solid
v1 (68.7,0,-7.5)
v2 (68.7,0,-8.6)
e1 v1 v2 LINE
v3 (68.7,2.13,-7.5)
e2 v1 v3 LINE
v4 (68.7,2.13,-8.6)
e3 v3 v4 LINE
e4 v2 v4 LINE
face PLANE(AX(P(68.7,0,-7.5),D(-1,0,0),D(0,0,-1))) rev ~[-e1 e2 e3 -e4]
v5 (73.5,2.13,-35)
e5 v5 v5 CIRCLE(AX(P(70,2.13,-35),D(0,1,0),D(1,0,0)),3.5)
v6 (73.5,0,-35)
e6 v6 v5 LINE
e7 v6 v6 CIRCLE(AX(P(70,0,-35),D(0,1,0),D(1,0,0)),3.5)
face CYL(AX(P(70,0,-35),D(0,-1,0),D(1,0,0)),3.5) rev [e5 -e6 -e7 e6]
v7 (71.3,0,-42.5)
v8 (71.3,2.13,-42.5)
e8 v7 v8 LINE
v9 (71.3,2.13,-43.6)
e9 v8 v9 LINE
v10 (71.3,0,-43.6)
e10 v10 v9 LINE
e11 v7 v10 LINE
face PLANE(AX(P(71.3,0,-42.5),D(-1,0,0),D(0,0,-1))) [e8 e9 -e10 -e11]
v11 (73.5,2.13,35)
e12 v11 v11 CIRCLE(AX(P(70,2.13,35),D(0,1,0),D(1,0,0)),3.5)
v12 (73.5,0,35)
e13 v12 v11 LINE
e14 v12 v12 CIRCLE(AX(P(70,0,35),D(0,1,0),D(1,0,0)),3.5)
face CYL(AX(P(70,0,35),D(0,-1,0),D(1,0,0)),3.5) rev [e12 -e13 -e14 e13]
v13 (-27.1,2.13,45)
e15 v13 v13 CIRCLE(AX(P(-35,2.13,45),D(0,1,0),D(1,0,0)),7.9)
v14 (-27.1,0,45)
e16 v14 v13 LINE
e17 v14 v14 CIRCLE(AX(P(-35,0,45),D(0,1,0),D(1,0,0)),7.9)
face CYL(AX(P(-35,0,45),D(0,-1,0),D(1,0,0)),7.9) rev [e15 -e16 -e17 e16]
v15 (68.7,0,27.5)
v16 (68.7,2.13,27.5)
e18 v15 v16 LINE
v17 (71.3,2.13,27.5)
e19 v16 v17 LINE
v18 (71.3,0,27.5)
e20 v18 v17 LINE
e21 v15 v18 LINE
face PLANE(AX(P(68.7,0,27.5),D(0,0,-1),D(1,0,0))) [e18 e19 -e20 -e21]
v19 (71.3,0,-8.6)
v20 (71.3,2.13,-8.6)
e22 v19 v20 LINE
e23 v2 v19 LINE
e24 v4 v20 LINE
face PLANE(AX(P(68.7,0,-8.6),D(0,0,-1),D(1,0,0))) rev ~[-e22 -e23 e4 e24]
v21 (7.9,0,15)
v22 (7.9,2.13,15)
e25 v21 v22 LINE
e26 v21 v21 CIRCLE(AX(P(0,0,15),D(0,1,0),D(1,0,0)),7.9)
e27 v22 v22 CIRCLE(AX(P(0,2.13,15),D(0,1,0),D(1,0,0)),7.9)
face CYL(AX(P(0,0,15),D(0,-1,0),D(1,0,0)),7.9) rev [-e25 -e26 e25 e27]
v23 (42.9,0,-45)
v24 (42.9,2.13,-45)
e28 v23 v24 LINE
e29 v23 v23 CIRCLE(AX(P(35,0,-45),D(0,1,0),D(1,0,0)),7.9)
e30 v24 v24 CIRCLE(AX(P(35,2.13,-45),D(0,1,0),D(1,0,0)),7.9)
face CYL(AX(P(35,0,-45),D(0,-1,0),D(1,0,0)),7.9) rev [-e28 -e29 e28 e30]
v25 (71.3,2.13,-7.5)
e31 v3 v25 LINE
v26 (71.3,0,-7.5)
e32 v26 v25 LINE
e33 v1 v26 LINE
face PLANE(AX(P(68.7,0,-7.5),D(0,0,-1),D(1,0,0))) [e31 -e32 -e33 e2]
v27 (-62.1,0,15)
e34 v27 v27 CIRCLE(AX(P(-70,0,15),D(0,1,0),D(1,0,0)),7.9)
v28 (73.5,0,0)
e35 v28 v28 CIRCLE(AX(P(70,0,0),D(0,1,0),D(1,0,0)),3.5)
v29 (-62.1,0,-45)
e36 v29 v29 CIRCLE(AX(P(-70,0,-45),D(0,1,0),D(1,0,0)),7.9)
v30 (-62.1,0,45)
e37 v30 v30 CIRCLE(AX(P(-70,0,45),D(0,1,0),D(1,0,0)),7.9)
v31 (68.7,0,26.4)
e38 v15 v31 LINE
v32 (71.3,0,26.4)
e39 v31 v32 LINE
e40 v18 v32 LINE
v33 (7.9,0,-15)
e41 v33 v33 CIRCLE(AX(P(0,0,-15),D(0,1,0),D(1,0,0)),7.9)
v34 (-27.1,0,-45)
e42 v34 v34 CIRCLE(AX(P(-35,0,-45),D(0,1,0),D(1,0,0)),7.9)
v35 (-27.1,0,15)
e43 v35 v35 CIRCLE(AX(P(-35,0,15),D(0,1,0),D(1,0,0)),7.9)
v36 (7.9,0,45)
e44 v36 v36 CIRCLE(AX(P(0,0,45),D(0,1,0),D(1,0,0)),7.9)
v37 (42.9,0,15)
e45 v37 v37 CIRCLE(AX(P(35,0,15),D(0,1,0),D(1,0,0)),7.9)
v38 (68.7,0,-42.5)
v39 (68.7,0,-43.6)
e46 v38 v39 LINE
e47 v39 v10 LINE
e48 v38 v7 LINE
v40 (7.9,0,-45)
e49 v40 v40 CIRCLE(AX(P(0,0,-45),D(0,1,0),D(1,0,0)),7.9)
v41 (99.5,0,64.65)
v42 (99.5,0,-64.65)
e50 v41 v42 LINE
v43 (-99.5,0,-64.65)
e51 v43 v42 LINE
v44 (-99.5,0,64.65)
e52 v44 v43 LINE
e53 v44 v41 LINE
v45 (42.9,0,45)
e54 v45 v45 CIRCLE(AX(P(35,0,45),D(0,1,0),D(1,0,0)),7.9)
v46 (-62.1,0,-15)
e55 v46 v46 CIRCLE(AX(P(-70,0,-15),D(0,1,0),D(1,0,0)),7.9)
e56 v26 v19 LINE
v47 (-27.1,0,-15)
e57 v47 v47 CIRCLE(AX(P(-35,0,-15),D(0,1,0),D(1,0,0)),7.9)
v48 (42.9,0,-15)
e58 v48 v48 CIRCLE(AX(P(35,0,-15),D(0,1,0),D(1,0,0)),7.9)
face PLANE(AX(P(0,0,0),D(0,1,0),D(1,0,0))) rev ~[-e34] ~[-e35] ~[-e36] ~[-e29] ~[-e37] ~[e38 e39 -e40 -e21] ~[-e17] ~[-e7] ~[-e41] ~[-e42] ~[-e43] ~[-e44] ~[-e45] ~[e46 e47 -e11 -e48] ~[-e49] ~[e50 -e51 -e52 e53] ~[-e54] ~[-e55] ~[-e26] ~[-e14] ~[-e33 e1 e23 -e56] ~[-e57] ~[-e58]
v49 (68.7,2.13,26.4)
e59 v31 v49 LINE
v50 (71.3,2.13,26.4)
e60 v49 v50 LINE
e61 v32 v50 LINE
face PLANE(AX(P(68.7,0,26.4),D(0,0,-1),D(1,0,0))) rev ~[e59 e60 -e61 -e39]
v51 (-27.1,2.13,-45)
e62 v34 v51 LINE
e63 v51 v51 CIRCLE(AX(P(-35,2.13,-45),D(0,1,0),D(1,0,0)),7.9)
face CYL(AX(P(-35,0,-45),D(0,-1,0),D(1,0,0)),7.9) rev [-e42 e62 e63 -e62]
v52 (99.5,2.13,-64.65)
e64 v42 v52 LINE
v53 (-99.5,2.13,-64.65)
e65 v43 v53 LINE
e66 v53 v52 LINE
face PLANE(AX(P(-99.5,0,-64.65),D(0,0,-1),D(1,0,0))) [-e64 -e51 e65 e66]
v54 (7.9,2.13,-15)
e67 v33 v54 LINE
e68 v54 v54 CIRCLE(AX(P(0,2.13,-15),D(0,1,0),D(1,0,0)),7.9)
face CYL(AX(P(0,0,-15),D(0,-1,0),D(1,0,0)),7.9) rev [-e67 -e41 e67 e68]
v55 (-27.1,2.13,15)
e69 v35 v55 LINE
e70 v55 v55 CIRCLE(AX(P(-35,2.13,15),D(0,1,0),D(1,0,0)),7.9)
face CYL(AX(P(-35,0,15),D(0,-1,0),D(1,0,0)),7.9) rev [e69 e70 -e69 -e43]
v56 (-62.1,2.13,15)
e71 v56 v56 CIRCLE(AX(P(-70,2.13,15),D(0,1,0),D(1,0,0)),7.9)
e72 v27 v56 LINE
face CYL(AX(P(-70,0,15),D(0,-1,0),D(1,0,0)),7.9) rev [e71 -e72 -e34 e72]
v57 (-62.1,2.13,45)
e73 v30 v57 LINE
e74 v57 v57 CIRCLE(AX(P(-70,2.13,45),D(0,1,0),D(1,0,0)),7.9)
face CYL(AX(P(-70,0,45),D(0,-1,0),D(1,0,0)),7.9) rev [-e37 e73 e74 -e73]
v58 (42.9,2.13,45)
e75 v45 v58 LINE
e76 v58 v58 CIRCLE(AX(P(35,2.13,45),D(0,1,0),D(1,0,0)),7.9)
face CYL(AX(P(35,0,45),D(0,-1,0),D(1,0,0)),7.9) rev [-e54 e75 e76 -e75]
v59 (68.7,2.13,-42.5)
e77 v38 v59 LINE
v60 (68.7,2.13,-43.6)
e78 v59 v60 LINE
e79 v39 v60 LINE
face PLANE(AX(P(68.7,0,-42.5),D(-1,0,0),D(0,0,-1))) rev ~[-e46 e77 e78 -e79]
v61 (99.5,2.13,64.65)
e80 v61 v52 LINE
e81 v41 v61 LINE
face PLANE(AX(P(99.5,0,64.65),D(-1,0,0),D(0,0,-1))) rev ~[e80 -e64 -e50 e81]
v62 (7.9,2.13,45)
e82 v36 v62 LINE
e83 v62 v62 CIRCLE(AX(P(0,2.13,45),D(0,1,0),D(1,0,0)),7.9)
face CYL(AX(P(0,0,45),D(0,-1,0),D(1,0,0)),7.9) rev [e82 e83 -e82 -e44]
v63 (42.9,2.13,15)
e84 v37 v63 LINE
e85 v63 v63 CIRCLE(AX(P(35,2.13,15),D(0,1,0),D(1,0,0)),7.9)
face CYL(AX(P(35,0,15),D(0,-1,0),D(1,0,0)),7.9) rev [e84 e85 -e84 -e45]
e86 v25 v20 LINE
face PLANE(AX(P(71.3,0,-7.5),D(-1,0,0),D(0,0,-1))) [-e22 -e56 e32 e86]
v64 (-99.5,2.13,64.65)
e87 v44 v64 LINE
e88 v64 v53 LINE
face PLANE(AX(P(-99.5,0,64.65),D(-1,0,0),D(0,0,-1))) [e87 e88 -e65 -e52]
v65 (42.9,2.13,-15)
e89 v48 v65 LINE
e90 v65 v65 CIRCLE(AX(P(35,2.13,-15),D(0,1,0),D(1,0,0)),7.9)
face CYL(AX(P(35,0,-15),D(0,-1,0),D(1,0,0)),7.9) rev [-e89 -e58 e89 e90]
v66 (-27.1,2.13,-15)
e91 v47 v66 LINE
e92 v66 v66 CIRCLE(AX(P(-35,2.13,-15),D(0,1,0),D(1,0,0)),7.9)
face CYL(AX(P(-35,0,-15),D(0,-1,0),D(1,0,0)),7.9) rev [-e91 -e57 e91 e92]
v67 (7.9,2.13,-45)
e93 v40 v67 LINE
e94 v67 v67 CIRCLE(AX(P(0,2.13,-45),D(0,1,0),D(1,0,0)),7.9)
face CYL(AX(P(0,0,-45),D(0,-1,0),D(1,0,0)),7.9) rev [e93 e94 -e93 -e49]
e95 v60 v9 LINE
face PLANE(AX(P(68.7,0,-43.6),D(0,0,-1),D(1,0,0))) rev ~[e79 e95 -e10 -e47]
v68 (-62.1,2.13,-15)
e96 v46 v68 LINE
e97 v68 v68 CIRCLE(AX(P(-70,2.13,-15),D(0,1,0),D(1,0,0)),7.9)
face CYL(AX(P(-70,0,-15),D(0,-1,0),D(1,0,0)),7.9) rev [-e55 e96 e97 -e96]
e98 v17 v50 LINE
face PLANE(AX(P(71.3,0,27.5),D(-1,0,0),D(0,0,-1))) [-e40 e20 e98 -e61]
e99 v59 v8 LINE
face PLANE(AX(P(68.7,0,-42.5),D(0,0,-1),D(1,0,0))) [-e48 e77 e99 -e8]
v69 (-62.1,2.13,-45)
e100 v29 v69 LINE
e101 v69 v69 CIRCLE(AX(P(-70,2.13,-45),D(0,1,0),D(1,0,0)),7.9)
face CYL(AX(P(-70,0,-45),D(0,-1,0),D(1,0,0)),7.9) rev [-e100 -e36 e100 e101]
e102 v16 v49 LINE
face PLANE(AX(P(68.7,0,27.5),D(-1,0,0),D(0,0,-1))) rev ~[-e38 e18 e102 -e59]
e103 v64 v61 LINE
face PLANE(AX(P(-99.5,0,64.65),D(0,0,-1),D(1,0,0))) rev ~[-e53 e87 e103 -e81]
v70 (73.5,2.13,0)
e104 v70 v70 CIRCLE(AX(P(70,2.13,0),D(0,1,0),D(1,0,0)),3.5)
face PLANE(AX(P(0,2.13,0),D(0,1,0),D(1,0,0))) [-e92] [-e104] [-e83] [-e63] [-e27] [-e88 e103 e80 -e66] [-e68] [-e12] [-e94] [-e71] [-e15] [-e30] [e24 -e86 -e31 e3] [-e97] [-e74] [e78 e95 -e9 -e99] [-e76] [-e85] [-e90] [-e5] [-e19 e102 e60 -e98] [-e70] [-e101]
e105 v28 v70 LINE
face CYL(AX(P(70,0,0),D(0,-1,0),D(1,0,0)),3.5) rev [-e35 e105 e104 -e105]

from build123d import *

# Parameters (mm, degrees)
SKETCH1_W           = 199
SKETCH1_H           = 129.3
SKETCH1_R           = 7.9
SKETCH1_R_2         = 3.5
SKETCH1_W_2         = 2.6
SKETCH1_H_2         = 1.1
BOSS_EXTRUDE1_DEPTH = 2.13


with BuildPart() as part:
    # Sketch1 → Boss-Extrude1 (new body)
    with BuildSketch(Plane(origin=(0, 0, 0), x_dir=(1, 0, 0), z_dir=(0, 1, 0))):
        Rectangle(SKETCH1_W, SKETCH1_H)
        with Locations((-70, 45)):
            Circle(SKETCH1_R, mode=Mode.SUBTRACT)
        with Locations((-35, 45)):
            Circle(SKETCH1_R, mode=Mode.SUBTRACT)
        with Locations((0, 45)):
            Circle(SKETCH1_R, mode=Mode.SUBTRACT)
        with Locations((35, 45)):
            Circle(SKETCH1_R, mode=Mode.SUBTRACT)
        with Locations((-35, 15)):
            Circle(SKETCH1_R, mode=Mode.SUBTRACT)
        with Locations((0, 15)):
            Circle(SKETCH1_R, mode=Mode.SUBTRACT)
        with Locations((35, 15)):
            Circle(SKETCH1_R, mode=Mode.SUBTRACT)
        with Locations((-35, -15)):
            Circle(SKETCH1_R, mode=Mode.SUBTRACT)
        with Locations((0, -15)):
            Circle(SKETCH1_R, mode=Mode.SUBTRACT)
        with Locations((35, -15)):
            Circle(SKETCH1_R, mode=Mode.SUBTRACT)
        with Locations((-35, -45)):
            Circle(SKETCH1_R, mode=Mode.SUBTRACT)
        with Locations((0, -45)):
            Circle(SKETCH1_R, mode=Mode.SUBTRACT)
        with Locations((35, -45)):
            Circle(SKETCH1_R, mode=Mode.SUBTRACT)
        with Locations((-70, 15)):
            Circle(SKETCH1_R, mode=Mode.SUBTRACT)
        with Locations((-70, -15)):
            Circle(SKETCH1_R, mode=Mode.SUBTRACT)
        with Locations((-70, -45)):
            Circle(SKETCH1_R, mode=Mode.SUBTRACT)
        with Locations((70, 35)):
            Circle(SKETCH1_R_2, mode=Mode.SUBTRACT)
        with Locations((70, 0)):
            Circle(SKETCH1_R_2, mode=Mode.SUBTRACT)
        with Locations((70, -35)):
            Circle(SKETCH1_R_2, mode=Mode.SUBTRACT)
        with Locations((70, 43.05)):
            Rectangle(SKETCH1_W_2, SKETCH1_H_2, mode=Mode.SUBTRACT)
        with Locations((70, 8.05)):
            Rectangle(SKETCH1_W_2, SKETCH1_H_2, mode=Mode.SUBTRACT)
        with Locations((70, -26.95)):
            Rectangle(SKETCH1_W_2, SKETCH1_H_2, mode=Mode.SUBTRACT)
    extrude(amount=BOSS_EXTRUDE1_DEPTH)


solid = part.part
